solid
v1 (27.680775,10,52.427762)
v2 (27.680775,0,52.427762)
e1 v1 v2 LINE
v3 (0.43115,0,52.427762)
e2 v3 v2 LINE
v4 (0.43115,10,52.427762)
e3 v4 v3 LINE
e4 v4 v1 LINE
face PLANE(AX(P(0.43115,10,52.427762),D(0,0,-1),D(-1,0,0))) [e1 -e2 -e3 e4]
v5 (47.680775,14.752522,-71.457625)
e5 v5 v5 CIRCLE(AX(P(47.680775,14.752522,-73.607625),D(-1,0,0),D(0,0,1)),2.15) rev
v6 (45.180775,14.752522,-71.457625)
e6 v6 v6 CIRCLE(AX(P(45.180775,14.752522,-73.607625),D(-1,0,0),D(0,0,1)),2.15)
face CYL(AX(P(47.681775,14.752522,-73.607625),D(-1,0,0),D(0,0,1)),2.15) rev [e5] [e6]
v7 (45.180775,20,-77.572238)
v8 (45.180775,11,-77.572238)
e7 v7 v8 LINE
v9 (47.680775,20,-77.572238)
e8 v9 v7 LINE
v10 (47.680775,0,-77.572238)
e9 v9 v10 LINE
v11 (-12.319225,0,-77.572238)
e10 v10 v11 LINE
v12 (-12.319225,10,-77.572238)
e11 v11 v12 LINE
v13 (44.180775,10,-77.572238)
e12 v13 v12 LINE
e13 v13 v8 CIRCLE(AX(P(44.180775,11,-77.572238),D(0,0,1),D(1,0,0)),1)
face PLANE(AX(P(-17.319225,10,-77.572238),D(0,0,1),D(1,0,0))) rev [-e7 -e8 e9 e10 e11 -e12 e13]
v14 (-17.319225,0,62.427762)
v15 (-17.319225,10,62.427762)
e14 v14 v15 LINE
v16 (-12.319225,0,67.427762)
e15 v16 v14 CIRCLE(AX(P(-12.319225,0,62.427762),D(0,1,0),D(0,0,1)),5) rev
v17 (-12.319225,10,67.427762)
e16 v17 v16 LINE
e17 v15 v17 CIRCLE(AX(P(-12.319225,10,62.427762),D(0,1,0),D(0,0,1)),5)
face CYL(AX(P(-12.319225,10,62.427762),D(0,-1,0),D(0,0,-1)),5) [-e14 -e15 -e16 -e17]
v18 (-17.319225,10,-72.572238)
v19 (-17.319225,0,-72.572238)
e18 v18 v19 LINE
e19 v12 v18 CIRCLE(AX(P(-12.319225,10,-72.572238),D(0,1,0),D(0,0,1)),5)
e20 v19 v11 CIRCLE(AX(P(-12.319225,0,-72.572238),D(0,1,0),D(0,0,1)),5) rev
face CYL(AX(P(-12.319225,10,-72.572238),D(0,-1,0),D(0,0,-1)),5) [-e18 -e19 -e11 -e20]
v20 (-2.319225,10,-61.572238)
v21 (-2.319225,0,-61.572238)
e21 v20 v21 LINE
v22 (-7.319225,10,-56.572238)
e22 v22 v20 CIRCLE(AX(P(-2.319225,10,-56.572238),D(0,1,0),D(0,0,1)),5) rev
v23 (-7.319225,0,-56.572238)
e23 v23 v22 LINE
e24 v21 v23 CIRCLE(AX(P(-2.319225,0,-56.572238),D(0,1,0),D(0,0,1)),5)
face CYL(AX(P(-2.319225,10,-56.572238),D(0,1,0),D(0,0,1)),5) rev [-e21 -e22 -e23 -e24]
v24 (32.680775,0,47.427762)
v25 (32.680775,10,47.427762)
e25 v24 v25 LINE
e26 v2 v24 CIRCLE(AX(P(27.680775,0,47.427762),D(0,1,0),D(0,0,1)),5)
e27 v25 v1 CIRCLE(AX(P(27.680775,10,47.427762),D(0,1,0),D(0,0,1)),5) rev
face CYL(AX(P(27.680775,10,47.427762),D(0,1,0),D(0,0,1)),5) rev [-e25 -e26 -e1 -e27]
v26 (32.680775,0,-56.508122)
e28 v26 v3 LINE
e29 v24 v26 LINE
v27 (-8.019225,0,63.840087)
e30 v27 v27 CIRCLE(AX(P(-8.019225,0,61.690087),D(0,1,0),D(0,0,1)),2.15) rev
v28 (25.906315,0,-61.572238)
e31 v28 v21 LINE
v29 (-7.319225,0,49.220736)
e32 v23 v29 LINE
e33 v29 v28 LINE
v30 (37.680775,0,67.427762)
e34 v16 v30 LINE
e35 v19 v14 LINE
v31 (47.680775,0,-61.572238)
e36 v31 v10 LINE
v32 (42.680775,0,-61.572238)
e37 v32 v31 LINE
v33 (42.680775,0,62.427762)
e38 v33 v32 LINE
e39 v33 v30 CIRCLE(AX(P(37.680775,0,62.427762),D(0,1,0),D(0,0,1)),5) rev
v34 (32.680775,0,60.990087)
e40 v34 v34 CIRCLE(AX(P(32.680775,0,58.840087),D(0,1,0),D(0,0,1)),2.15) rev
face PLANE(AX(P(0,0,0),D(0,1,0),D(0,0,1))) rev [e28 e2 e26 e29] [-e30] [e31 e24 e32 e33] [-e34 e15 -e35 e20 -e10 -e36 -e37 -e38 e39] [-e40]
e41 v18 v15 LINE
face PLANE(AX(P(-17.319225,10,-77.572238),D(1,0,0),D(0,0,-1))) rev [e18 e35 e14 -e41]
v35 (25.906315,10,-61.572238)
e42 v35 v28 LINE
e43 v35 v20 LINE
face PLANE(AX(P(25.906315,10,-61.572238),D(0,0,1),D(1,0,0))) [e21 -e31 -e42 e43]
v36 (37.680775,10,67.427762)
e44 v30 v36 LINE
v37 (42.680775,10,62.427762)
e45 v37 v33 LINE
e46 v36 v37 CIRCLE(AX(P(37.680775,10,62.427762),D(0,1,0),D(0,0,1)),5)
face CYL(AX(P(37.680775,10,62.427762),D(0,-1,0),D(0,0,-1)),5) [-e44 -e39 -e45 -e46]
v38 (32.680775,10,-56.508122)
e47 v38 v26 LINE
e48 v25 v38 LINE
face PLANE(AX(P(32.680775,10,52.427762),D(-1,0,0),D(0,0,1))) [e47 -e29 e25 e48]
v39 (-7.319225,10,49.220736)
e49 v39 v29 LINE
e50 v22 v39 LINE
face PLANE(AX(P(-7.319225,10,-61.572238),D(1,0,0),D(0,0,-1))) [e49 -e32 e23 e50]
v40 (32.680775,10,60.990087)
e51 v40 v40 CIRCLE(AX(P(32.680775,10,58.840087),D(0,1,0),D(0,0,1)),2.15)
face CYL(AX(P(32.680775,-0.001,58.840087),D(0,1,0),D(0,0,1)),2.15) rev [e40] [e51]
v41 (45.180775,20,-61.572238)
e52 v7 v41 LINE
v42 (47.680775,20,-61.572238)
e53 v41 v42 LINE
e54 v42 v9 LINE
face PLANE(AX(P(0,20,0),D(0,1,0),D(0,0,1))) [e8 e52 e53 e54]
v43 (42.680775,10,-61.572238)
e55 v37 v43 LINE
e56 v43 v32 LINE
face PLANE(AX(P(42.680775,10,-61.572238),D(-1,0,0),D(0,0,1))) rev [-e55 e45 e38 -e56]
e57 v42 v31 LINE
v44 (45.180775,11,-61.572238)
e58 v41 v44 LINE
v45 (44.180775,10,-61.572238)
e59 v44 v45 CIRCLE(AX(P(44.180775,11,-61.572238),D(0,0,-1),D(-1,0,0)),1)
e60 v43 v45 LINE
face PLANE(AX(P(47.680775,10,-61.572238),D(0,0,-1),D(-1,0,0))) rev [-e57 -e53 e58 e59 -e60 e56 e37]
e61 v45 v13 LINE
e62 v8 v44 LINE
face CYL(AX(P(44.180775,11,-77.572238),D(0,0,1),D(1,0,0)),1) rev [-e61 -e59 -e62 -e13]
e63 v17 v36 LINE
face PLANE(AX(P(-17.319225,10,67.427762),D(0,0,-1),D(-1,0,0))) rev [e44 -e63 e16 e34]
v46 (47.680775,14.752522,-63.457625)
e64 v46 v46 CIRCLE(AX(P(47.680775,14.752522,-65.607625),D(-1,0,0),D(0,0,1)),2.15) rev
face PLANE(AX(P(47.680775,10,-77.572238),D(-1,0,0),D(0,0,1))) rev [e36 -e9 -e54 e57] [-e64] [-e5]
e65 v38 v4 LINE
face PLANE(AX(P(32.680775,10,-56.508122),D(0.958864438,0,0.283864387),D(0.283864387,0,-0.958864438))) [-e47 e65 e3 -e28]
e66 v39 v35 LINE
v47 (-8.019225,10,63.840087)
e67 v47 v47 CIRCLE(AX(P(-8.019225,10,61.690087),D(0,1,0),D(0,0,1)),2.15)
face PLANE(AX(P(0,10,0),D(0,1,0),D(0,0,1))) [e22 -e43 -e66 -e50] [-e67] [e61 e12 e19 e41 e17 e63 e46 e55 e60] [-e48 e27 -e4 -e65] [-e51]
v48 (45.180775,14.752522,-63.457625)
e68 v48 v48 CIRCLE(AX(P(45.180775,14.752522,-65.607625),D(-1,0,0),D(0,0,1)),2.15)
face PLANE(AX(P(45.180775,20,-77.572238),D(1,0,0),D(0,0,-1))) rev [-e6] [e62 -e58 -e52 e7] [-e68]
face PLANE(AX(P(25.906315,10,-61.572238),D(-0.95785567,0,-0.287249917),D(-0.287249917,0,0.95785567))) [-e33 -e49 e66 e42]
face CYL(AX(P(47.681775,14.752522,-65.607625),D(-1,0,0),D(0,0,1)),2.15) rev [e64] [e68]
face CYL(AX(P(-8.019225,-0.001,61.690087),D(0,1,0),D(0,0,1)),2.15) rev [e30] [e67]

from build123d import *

# Parameters (mm, degrees)
EXTRUDE_1_DEPTH     = 10
SKETCH_4_W          = 2.5
SKETCH_4_H          = 16
EXTRUDE_2_DEPTH     = 10
CUT_EXTRUDE_1_REACH = 103.606
SKETCH_5_R          = 2.15
CUT_EXTRUDE_2_REACH = 93.602
SKETCH_6_R          = 2.15
FILLET_1_R          = 5
FILLET_2_R          = 5
FILLET_3_R          = 1


with BuildPart() as part:
    # 草图1 → 凸台-拉伸1 (new body)
    with BuildSketch(Plane(origin=(0, 0, 0), x_dir=(1, 0, 0), z_dir=(0, 1, 0))):
        Polygon((0.431150433, 77.572237736), (47.680774799, 77.572237736), (47.680774799, 61.572237736), (42.680774799, 61.572237736), (42.680774799, 31.757290204), (42.680774799, -57.600660719), (42.680774799, -67.427762264), (0.431150433, -67.427762264), (-17.319225201, -67.427762264), (-17.319225201, 77.572237736), align=None)
        Polygon((25.906315323, 61.572237736), (-7.319225201, 61.572237736), (-7.319225201, -49.220735683), align=None, mode=Mode.SUBTRACT)
        Polygon((0.431150433, -52.427762264), (32.680774799, -52.427762264), (32.680774799, 56.508121895), align=None, mode=Mode.SUBTRACT)
    extrude(amount=EXTRUDE_1_DEPTH)

    # 草图4 → 凸台-拉伸2 (add)
    with BuildSketch(Plane(origin=(0, 10, 0), x_dir=(1, 0, 0), z_dir=(0, 1, 0))):
        with Locations((46.430774799, 69.572237736)):
            Rectangle(SKETCH_4_W, SKETCH_4_H)
    extrude(amount=EXTRUDE_2_DEPTH)

    # 草图5 → 切除-拉伸1 (cut, up to next)
    with BuildSketch(Plane.ZY.offset(-45.180774799), mode=Mode.PRIVATE) as cut_extrude_1_sk1:
        with Locations((-73.607625165, 14.752522231)):
            Circle(SKETCH_5_R)
    cut_extrude_1_tool1 = extrude(cut_extrude_1_sk1.sketch, amount=-CUT_EXTRUDE_1_REACH, mode=Mode.PRIVATE) & part.part
    # 草图5 → 切除-拉伸1 (cut, up to next)
    with BuildSketch(Plane.ZY.offset(-45.180774799), mode=Mode.PRIVATE) as cut_extrude_1_sk2:
        with Locations((-65.607625165, 14.752522231)):
            Circle(SKETCH_5_R)
    cut_extrude_1_tool2 = extrude(cut_extrude_1_sk2.sketch, amount=-CUT_EXTRUDE_1_REACH, mode=Mode.PRIVATE) & part.part
    add(cut_extrude_1_tool1.solids().sort_by_distance((45.180775, 14.752522, -73.607625))[0], mode=Mode.SUBTRACT)
    add(cut_extrude_1_tool2.solids().sort_by_distance((45.180775, 14.752522, -65.607625))[0], mode=Mode.SUBTRACT)

    # 草图6 → 切除-拉伸2 (cut, up to next)
    with BuildSketch(Plane(origin=(0, 10, 0), x_dir=(1, 0, 0), z_dir=(0, 1, 0)), mode=Mode.PRIVATE) as cut_extrude_2_sk1:
        with Locations(Location((-8.019225201, -61.690086649, 0), (0, 0, 270))):
            Circle(SKETCH_6_R)
    cut_extrude_2_tool1 = extrude(cut_extrude_2_sk1.sketch, amount=-CUT_EXTRUDE_2_REACH, mode=Mode.PRIVATE) & part.part
    # 草图6 → 切除-拉伸2 (cut, up to next)
    with BuildSketch(Plane(origin=(0, 10, 0), x_dir=(1, 0, 0), z_dir=(0, 1, 0)), mode=Mode.PRIVATE) as cut_extrude_2_sk2:
        with Locations(Location((32.680774799, -58.840086649, 0), (0, 0, 270))):
            Circle(SKETCH_6_R)
    cut_extrude_2_tool2 = extrude(cut_extrude_2_sk2.sketch, amount=-CUT_EXTRUDE_2_REACH, mode=Mode.PRIVATE) & part.part
    add(cut_extrude_2_tool1.solids().sort_by_distance((-8.019225, 10, 61.690087))[0], mode=Mode.SUBTRACT)
    add(cut_extrude_2_tool2.solids().sort_by_distance((32.680775, 10, 58.840087))[0], mode=Mode.SUBTRACT)

    # 圆角1
    fillet_1_edges = [part.edges().sort_by_distance(p)[0] for p in [
        (-17.319225201, 5, 67.427762264),
        (-17.319225201, 5, -77.572237736),
        (42.680774799, 5, 67.427762264),
    ]]
    fillet(fillet_1_edges, radius=FILLET_1_R)

    # 圆角2
    fillet_2_edges = [part.edges().sort_by_distance(p)[0] for p in [
        (-7.319225201, 5, -61.572237736),
        (32.680774799, 5, 52.427762264),
    ]]
    fillet(fillet_2_edges, radius=FILLET_2_R)

    # 圆角3
    fillet_3_edges = [part.edges().sort_by_distance(p)[0] for p in [
        (45.180774799, 10, -69.572237736),
    ]]
    fillet(fillet_3_edges, radius=FILLET_3_R)


solid = part.part
